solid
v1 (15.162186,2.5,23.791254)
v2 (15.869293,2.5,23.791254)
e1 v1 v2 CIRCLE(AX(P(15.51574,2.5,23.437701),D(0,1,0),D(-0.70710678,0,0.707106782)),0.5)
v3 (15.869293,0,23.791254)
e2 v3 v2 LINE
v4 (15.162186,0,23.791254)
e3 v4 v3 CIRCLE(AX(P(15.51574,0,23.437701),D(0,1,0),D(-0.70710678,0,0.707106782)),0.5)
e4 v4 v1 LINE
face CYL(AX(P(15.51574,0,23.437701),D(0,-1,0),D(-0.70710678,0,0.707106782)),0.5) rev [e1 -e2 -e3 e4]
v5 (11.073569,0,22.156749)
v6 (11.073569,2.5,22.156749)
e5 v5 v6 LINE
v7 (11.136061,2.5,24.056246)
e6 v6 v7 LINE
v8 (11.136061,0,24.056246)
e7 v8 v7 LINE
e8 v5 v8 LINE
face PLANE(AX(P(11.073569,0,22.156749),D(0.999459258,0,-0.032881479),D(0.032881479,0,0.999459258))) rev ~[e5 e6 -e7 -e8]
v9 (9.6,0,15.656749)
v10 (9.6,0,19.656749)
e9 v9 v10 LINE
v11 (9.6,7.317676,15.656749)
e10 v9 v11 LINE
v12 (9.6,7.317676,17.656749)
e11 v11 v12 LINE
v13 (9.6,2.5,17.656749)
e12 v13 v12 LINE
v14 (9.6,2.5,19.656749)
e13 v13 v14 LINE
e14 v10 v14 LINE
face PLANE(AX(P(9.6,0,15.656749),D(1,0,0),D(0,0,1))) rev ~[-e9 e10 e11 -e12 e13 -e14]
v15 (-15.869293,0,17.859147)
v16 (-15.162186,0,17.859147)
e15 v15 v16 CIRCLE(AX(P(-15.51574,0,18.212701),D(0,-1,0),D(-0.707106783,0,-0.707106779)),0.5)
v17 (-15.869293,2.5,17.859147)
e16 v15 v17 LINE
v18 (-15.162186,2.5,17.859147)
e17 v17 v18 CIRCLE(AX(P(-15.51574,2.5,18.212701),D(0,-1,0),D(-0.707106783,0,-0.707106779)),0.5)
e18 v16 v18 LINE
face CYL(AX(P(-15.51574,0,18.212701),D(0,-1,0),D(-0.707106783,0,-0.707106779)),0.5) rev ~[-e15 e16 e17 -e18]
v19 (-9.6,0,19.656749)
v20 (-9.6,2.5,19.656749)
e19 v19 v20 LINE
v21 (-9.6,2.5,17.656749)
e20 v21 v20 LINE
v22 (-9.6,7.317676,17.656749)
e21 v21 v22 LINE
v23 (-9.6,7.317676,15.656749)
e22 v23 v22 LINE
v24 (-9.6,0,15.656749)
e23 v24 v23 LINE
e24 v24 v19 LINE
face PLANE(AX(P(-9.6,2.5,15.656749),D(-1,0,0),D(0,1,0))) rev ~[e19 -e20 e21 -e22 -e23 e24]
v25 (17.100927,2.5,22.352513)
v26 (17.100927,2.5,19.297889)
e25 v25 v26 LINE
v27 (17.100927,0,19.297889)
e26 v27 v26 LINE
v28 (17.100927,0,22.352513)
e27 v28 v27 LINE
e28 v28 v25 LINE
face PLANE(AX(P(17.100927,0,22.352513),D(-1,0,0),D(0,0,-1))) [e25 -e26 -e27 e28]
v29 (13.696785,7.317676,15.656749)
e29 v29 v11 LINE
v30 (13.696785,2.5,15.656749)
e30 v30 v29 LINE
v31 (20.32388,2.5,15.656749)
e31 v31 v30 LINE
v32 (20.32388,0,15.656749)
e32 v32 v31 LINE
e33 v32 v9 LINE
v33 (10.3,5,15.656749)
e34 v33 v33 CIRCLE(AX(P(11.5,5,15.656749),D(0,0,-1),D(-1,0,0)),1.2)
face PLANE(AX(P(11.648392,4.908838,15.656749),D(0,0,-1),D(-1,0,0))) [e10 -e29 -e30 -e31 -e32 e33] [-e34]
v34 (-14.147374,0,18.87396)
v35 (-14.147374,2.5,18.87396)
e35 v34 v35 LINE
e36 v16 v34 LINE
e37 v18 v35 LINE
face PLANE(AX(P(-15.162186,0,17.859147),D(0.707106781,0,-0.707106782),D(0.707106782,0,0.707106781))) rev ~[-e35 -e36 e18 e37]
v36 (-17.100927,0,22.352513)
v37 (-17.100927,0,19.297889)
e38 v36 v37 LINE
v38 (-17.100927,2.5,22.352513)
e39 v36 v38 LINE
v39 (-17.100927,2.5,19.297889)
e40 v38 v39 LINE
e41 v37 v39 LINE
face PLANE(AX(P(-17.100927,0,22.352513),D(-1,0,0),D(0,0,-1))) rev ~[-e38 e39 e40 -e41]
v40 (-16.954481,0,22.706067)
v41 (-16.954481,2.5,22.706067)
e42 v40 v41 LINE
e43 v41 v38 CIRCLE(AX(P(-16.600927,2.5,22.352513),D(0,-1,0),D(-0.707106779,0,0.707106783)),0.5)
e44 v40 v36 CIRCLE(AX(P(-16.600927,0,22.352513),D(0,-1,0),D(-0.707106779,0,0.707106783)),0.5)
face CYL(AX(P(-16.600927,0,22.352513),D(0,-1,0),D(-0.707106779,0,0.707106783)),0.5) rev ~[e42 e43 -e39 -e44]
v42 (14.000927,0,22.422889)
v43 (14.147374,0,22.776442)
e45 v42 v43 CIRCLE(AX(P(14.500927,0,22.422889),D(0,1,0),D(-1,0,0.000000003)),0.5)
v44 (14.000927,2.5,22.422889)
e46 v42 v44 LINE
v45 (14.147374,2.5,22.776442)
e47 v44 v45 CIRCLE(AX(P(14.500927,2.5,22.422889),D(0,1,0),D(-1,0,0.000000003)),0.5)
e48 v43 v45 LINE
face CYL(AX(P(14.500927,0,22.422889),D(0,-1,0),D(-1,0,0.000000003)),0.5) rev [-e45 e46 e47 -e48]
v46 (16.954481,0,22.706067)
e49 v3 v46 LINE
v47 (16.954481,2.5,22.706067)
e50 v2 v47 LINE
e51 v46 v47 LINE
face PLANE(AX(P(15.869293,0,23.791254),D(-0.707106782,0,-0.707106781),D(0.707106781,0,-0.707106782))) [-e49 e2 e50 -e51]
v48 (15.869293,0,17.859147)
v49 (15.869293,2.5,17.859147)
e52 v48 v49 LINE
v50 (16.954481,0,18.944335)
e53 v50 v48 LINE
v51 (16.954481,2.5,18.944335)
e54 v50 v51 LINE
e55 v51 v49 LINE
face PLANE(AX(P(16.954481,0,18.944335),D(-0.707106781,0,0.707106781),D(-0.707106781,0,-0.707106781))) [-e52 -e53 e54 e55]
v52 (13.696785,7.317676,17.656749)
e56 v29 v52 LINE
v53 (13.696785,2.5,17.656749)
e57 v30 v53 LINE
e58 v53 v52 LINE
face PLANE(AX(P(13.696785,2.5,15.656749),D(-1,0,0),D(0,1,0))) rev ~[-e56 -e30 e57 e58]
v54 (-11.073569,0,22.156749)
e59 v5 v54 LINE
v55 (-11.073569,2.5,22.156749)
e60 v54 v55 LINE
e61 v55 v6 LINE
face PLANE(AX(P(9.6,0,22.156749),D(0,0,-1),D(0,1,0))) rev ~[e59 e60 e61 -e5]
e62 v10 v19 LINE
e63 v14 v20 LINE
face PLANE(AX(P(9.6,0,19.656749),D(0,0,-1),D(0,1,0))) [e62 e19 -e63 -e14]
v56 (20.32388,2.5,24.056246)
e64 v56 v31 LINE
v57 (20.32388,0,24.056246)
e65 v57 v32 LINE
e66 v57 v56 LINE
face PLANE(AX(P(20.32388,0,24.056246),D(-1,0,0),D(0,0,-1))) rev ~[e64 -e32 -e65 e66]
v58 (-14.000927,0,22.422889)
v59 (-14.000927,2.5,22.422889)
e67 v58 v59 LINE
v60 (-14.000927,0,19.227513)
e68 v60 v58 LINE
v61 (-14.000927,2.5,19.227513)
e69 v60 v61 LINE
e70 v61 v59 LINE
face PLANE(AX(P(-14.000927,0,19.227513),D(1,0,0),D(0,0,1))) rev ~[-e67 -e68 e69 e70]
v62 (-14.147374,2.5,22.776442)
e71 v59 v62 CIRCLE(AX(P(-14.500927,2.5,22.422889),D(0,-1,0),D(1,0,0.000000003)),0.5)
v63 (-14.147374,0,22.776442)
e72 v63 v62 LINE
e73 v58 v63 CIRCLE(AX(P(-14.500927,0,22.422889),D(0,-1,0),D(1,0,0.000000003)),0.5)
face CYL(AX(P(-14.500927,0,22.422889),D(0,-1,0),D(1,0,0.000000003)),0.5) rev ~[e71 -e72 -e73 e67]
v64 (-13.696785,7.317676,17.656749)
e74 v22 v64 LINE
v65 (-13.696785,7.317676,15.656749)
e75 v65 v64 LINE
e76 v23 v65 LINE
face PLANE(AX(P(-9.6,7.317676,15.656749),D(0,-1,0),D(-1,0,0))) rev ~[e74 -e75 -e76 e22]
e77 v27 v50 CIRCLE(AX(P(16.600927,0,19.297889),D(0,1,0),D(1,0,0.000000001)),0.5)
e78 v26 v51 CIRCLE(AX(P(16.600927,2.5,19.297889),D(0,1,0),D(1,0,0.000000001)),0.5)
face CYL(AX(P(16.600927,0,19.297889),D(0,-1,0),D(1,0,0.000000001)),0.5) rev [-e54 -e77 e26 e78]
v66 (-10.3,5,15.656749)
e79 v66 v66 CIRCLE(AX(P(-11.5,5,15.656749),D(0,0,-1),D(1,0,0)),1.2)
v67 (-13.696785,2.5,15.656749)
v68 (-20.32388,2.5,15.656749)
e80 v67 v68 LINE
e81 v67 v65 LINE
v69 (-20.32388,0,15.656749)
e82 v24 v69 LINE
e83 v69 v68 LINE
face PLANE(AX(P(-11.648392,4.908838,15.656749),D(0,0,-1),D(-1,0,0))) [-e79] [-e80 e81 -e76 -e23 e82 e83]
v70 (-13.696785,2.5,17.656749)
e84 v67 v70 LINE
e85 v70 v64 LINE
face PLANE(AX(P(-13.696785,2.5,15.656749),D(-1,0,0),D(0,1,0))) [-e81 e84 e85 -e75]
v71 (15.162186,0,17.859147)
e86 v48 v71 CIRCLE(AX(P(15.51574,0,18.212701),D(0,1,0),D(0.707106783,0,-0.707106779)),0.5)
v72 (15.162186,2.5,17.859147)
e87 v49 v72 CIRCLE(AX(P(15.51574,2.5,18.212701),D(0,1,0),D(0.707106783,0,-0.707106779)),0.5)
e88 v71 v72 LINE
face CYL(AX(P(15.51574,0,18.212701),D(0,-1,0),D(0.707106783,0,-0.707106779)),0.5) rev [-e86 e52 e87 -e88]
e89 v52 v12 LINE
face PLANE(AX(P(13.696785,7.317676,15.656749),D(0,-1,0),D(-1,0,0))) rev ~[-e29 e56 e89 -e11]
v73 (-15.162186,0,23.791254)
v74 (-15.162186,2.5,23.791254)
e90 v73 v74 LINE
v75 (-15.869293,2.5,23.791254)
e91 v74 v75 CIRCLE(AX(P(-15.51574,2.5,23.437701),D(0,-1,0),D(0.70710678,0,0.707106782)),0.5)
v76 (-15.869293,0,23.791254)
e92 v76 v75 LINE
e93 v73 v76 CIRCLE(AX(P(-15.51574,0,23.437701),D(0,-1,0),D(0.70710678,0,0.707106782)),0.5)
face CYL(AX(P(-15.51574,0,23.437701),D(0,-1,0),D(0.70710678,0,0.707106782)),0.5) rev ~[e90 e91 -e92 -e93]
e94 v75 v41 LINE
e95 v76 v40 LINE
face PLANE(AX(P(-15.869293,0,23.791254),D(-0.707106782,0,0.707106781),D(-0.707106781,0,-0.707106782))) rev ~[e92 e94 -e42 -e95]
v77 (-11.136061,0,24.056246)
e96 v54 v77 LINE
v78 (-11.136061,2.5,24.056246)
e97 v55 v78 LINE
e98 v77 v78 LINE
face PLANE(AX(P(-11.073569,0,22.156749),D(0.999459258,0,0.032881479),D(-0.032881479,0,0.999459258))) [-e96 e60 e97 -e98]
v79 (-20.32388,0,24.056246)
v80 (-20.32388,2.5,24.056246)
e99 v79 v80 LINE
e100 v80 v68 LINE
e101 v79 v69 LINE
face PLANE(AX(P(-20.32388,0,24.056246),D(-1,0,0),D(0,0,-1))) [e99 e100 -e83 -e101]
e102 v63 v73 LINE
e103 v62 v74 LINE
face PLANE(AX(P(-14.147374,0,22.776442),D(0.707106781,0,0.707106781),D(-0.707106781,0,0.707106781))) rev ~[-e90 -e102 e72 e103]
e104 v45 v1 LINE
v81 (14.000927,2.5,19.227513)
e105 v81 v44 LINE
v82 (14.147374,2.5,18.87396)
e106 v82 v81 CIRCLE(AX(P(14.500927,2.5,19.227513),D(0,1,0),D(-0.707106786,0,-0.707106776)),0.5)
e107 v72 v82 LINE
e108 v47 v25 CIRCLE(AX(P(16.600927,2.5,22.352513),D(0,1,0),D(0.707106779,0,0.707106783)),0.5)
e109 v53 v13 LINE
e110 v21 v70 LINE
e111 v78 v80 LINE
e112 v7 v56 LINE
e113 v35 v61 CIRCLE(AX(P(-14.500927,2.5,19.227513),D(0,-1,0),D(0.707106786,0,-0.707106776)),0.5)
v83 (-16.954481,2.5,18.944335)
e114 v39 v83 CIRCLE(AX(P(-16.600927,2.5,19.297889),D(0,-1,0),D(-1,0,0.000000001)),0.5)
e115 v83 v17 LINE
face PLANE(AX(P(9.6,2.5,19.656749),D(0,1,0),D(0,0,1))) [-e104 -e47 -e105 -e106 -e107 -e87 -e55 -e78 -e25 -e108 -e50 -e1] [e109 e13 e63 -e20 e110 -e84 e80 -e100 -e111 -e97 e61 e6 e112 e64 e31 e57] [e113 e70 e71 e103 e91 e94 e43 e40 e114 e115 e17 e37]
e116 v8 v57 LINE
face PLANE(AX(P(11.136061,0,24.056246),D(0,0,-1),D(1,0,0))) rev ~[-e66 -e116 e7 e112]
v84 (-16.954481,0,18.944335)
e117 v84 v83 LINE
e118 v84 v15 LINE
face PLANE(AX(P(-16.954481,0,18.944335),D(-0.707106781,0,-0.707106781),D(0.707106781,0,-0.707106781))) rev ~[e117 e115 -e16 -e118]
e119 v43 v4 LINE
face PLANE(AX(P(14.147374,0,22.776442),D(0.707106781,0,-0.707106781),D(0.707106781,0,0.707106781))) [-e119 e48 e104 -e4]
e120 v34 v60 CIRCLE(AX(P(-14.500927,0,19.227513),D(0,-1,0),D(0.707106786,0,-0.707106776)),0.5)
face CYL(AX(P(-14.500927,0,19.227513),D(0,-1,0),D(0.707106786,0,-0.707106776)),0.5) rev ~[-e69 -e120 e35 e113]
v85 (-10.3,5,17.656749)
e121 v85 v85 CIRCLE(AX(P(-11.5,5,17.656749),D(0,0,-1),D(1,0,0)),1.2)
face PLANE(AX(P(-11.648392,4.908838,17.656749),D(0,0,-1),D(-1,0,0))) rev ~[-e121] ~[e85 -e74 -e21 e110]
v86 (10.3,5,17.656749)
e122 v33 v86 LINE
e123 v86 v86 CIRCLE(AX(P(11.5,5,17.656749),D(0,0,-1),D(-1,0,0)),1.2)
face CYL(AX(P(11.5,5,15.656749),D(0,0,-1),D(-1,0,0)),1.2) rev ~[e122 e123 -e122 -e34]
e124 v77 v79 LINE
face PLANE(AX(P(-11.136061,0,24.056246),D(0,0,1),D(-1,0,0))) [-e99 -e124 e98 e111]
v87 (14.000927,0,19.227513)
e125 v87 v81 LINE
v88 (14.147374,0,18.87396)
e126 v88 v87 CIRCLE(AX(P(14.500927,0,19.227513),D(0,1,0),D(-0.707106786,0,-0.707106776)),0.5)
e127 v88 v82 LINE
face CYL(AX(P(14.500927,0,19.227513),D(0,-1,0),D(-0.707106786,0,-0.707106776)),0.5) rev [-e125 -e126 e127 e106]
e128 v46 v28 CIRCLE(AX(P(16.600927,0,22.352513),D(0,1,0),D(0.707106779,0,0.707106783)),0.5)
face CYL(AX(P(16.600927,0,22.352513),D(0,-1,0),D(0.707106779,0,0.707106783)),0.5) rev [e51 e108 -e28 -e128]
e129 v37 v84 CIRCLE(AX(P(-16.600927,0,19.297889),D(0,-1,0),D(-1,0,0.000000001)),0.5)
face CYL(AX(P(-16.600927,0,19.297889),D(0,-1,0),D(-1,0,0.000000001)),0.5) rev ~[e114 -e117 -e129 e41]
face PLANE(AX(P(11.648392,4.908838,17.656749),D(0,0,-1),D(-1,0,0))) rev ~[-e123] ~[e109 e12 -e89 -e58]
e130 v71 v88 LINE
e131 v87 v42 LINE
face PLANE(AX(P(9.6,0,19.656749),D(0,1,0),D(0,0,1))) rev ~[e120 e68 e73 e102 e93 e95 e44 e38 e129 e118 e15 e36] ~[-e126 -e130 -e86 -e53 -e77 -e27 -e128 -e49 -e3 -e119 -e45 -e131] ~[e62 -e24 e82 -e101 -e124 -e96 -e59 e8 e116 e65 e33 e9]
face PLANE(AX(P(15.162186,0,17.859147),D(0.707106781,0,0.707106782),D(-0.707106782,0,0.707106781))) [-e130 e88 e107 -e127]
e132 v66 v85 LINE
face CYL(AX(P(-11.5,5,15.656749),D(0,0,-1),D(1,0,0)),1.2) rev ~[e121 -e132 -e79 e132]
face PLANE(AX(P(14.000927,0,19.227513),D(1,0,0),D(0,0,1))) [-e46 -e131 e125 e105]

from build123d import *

# Parameters (mm, degrees)
EXTRUDE_1728_DEPTH   = 2.5
EXTRUDE_1728_2_DEPTH = 2.5
SKETCH_3_W           = 4.096784854
SKETCH_3_H           = 4.817676116
SKETCH_3_R           = 1.2
EXTRUDE_1_DEPTH      = 2
EXTRUDE_2_REACH      = 41.086
SKETCH_5_W           = 2.5
SKETCH_5_H           = 2.5


with BuildPart() as part:
    # 草图2 → Extrude 1728 (new body)
    with BuildSketch(Plane(origin=(0, 0, 0), x_dir=(1, 0, 0), z_dir=(0, 1, 0))):
        Polygon((11.136061282, -24.056246494), (20.323880385, -24.056246494), (20.323880385, -15.656749138), (17.100927376, -15.656749138), (14.000927376, -15.656749138), (10.862052049, -15.656749138), (9.6, -15.656749138), (9.6, -22.156749138), (11.073569208, -22.156749138), align=None)
        with BuildLine():
            Line((14.000927376, -19.227513168), (14.000927376, -22.422888537))
            ThreePointArc((14.000927376, -22.422888537), (14.03898761, -22.614230253), (14.147373985, -22.776441927))
            Line((14.147373985, -22.776441927), (15.162186301, -23.791254243))
            ThreePointArc((15.162186301, -23.791254243), (15.515739691, -23.937700852), (15.869293082, -23.791254243))
            Line((15.869293082, -23.791254243), (16.954480766, -22.706066558))
            ThreePointArc((16.954480766, -22.706066558), (17.062867142, -22.543854884), (17.100927376, -22.352513168))
            Line((17.100927376, -22.352513168), (17.100927376, -19.297888537))
            ThreePointArc((17.100927376, -19.297888537), (17.062867142, -19.10654682), (16.954480766, -18.944335146))
            Line((16.954480766, -18.944335146), (15.869293082, -17.859147462))
            ThreePointArc((15.869293082, -17.859147462), (15.515739691, -17.712700852), (15.162186301, -17.859147462))
            Line((15.162186301, -17.859147462), (14.147373985, -18.873959777))
            ThreePointArc((14.147373985, -18.873959777), (14.03898761, -19.036171452), (14.000927376, -19.227513168))
        make_face(mode=Mode.SUBTRACT)
    extrude(amount=EXTRUDE_1728_DEPTH)



with BuildPart() as body_2:
    # 草图2 → Extrude 1728 2 (new body)
    with BuildSketch(Plane(origin=(0, 0, 0), x_dir=(1, 0, 0), z_dir=(0, 1, 0))):
        Polygon((-11.136061282, -24.056246494), (-20.323880385, -24.056246494), (-20.323880385, -15.656749138), (-17.100927376, -15.656749138), (-14.000927376, -15.656749138), (-10.862052049, -15.656749138), (-9.6, -15.656749138), (-9.6, -22.156749138), (-11.073569208, -22.156749138), align=None)
        with BuildLine():
            Line((-14.000927376, -19.227513168), (-14.000927376, -22.422888537))
            ThreePointArc((-14.000927376, -22.422888537), (-14.03898761, -22.614230253), (-14.147373985, -22.776441927))
            Line((-14.147373985, -22.776441927), (-15.162186301, -23.791254243))
            ThreePointArc((-15.162186301, -23.791254243), (-15.515739691, -23.937700852), (-15.869293082, -23.791254243))
            Line((-15.869293082, -23.791254243), (-16.954480766, -22.706066558))
            ThreePointArc((-16.954480766, -22.706066558), (-17.062867142, -22.543854884), (-17.100927376, -22.352513168))
            Line((-17.100927376, -22.352513168), (-17.100927376, -19.297888537))
            ThreePointArc((-17.100927376, -19.297888537), (-17.062867142, -19.10654682), (-16.954480766, -18.944335146))
            Line((-16.954480766, -18.944335146), (-15.869293082, -17.859147462))
            ThreePointArc((-15.869293082, -17.859147462), (-15.515739691, -17.712700852), (-15.162186301, -17.859147462))
            Line((-15.162186301, -17.859147462), (-14.147373985, -18.873959777))
            ThreePointArc((-14.147373985, -18.873959777), (-14.03898761, -19.036171452), (-14.000927376, -19.227513168))
        make_face(mode=Mode.SUBTRACT)
    extrude(amount=EXTRUDE_1728_2_DEPTH)


with BuildPart() as part_1:
    add(part.part)

    add(body_2.part)  # 凸台-拉伸1 merges body 2
    # 草图3 → 凸台-拉伸1 (add)
    # profile 1 of 2: a face of its own
    with BuildSketch(Plane(origin=(0, 0, 15.656749138), x_dir=(-1, 0, 0), z_dir=(0, 0, -1))):
        with Locations((-11.648392427, 4.908838058)):
            Rectangle(SKETCH_3_W, SKETCH_3_H)
        with Locations((-11.5, 5)):
            Circle(SKETCH_3_R, mode=Mode.SUBTRACT)
    # profile 2 of 2: a face of its own
    with BuildSketch(Plane(origin=(0, 0, 15.656749138), x_dir=(-1, 0, 0), z_dir=(0, 0, -1))):
        with Locations((11.648392427, 4.908838058)):
            Rectangle(SKETCH_3_W, SKETCH_3_H)
        with Locations(Location((11.5, 5, 0), (0, 0, 180))):
            Circle(SKETCH_3_R, mode=Mode.SUBTRACT)
    extrude(amount=-EXTRUDE_1_DEPTH)

    # 草图5 → 凸台-拉伸2 (add, up to next)
    with BuildSketch(Plane.ZY.offset(-9.6), mode=Mode.PRIVATE) as extrude_2_sk1:
        with Locations((20.906749138, 1.25)):
            Rectangle(SKETCH_5_W, SKETCH_5_H)
    extrude_2_tool1 = extrude(extrude_2_sk1.sketch, amount=EXTRUDE_2_REACH, mode=Mode.PRIVATE) - part_1.part
    add(extrude_2_tool1.solids().sort_by_distance((9.6, 1.25, 20.906749))[0])


solid = part_1.part
